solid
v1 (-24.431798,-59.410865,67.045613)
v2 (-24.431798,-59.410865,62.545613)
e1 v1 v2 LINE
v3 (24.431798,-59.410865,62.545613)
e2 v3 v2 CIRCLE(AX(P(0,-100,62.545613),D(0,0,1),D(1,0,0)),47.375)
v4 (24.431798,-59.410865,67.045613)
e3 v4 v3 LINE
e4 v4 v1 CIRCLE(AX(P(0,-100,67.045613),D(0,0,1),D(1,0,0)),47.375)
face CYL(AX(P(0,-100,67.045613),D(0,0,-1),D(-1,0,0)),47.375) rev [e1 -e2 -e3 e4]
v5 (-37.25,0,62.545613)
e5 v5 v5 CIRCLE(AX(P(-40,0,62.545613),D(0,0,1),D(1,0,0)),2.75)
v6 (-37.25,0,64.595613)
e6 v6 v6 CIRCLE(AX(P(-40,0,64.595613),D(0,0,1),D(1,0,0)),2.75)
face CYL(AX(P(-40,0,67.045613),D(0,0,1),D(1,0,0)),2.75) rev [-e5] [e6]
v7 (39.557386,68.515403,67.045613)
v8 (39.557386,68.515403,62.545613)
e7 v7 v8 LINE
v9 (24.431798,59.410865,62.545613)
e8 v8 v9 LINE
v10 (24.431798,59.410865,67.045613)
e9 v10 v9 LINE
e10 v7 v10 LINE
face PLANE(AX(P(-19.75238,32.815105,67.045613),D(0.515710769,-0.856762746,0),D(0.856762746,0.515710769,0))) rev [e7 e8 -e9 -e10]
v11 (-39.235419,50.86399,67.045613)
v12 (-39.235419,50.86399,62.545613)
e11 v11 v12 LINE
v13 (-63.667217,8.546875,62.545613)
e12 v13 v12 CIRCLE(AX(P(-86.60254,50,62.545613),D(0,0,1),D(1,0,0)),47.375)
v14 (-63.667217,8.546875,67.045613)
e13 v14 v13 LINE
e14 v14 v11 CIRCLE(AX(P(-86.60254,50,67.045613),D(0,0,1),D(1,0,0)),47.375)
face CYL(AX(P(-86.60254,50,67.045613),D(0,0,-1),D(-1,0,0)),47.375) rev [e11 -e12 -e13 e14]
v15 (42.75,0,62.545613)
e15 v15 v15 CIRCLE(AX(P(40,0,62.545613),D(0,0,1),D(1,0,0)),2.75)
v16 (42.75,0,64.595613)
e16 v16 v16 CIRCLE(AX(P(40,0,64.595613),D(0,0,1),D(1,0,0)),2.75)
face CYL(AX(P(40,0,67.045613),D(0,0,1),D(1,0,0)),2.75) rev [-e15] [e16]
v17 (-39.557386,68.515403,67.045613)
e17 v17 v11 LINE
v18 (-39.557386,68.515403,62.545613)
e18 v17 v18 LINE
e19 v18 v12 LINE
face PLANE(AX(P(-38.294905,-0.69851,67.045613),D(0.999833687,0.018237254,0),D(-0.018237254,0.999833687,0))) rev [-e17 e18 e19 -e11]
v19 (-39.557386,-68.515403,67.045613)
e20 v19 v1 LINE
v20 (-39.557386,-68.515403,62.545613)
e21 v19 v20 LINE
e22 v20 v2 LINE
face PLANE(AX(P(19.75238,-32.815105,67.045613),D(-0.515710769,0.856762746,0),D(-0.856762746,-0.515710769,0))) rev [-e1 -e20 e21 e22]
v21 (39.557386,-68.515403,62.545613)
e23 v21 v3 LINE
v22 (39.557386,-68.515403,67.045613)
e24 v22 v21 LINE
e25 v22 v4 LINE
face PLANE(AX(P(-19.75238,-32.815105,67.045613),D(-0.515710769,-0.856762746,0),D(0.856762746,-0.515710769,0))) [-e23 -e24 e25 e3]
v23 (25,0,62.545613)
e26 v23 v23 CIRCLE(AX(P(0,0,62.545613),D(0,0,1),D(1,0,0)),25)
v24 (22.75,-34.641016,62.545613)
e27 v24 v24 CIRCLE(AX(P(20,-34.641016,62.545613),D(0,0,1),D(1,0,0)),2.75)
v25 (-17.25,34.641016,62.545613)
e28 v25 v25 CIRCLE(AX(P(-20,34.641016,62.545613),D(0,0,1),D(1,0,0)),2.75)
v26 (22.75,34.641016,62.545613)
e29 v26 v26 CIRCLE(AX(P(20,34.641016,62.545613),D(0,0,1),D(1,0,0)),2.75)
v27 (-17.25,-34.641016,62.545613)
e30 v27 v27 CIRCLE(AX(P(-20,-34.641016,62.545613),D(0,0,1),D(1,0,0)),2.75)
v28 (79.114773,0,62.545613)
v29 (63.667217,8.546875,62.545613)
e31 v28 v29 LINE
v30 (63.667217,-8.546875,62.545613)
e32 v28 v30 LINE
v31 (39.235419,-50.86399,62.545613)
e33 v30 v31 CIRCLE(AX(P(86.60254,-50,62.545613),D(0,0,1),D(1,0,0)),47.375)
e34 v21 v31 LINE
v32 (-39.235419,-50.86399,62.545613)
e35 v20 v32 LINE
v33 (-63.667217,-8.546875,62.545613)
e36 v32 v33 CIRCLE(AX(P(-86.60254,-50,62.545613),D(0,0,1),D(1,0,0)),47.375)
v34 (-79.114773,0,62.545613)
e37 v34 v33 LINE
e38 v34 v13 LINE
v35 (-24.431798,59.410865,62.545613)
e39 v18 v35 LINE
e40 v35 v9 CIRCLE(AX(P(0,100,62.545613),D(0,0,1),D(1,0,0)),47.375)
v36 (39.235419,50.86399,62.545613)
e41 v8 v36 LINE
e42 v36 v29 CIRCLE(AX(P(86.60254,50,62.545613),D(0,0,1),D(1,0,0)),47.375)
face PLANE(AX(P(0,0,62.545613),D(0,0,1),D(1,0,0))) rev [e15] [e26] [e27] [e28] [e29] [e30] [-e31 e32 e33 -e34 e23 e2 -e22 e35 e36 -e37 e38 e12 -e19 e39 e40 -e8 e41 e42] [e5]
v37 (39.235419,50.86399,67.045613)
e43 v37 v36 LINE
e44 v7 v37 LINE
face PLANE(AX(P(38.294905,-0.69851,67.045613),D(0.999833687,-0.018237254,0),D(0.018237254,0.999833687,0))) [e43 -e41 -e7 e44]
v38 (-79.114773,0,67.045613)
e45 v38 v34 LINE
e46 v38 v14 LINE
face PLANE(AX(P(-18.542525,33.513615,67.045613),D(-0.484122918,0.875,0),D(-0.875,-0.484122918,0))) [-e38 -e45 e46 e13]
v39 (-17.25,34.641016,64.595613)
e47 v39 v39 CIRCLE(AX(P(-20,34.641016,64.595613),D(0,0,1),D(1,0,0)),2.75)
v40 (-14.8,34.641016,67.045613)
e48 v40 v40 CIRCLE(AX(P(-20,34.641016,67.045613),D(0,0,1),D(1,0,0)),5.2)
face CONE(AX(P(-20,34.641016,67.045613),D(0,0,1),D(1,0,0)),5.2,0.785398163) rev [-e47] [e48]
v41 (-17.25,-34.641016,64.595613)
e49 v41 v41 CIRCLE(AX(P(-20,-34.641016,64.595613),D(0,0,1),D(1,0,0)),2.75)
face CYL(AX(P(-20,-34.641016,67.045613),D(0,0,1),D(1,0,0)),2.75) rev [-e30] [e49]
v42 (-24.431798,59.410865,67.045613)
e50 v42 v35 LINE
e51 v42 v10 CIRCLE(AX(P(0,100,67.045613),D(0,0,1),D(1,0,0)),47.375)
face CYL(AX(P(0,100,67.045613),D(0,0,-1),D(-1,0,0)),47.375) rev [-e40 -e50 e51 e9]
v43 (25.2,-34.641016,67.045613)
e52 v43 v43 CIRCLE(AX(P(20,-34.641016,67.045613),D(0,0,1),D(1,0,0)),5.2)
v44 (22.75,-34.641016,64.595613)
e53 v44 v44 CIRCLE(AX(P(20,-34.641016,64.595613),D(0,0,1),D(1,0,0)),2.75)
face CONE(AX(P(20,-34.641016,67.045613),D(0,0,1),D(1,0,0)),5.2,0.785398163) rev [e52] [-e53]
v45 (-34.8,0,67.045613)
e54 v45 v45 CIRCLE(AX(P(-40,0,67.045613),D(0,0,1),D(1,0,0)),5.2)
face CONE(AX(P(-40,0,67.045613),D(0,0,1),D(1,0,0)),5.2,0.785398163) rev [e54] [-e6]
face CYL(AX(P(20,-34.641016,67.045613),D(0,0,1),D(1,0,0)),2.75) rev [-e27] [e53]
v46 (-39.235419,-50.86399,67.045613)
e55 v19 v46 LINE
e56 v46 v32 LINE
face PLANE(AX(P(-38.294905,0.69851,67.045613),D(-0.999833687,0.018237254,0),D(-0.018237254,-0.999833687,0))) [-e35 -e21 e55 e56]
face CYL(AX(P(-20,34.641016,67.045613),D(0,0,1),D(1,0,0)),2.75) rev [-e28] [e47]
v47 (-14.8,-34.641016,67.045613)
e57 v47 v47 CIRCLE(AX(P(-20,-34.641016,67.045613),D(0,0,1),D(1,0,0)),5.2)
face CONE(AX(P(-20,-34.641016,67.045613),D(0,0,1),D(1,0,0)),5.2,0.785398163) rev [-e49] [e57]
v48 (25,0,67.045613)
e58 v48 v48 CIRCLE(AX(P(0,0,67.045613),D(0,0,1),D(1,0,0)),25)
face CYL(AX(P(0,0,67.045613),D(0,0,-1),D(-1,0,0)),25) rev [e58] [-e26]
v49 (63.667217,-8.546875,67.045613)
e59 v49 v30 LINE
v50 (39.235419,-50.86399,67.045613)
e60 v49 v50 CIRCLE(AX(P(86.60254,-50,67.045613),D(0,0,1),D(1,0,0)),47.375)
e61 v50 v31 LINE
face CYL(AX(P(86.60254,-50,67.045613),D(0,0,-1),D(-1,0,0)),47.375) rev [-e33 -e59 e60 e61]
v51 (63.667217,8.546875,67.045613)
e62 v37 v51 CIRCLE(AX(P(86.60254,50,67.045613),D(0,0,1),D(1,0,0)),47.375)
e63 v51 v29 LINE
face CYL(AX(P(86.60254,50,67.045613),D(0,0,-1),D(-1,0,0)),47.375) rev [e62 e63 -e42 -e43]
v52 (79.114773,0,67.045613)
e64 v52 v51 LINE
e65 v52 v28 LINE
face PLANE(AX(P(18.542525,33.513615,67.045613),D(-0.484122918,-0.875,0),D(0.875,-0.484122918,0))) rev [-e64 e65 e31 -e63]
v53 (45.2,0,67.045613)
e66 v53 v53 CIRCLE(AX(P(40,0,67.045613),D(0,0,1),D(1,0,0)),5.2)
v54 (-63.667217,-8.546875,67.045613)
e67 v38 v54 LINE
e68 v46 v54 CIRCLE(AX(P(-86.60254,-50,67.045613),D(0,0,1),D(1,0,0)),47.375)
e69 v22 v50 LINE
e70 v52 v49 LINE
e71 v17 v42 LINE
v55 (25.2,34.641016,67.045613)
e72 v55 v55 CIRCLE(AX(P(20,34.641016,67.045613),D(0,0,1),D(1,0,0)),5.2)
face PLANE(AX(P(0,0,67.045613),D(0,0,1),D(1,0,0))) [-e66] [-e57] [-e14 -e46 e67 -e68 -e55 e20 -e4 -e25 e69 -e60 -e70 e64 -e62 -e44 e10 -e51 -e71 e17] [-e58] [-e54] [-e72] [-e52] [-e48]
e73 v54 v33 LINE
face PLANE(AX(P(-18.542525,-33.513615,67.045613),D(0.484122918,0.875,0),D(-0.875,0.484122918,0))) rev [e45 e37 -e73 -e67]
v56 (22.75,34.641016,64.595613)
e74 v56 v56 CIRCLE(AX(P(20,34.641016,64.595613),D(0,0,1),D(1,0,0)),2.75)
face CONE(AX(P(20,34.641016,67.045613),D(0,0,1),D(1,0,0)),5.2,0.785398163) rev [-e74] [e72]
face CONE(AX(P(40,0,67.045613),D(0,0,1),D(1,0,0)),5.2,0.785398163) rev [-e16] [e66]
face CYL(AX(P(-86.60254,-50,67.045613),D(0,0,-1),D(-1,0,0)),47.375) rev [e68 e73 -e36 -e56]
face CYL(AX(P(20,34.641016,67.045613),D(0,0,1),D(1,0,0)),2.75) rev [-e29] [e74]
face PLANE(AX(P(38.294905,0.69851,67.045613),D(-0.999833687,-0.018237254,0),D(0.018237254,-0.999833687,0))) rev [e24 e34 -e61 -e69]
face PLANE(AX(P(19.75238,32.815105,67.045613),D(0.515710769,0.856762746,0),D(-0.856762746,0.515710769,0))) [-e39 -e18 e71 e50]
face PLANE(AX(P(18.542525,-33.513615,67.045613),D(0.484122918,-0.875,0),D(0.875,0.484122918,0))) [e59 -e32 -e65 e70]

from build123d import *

# Parameters (mm, degrees)
SKETCH7_R           = 25
BOSS_EXTRUDE5_DEPTH = 4.5
CIRPATTERN1_COUNT   = 6


with BuildPart() as part:
    # Sketch7 → Boss-Extrude5 (new body)
    with BuildSketch(Plane.XY.offset(62.545612614)):
        with BuildLine():
            Line((-39.557386288, -68.515402865), (-24.43179769, -59.410864919))
            ThreePointArc((-24.43179769, -59.410864919), (0, -52.625), (24.43179769, -59.410864919))
            Line((24.43179769, -59.410864919), (39.557386288, -68.515402865))
            Line((39.557386288, -68.515402865), (39.235419436, -50.863989919))
            ThreePointArc((39.235419436, -50.863989919), (45.574586874, -26.3125), (63.667217125, -8.546875))
            Line((63.667217125, -8.546875), (79.114772576, 0))
            Line((79.114772576, 0), (63.667217125, 8.546875))
            ThreePointArc((63.667217125, 8.546875), (45.574586874, 26.3125), (39.235419436, 50.863989919))
            Line((39.235419436, 50.863989919), (39.557386288, 68.515402865))
            Line((39.557386288, 68.515402865), (24.43179769, 59.410864919))
            ThreePointArc((24.43179769, 59.410864919), (0, 52.625), (-24.43179769, 59.410864919))
            Line((-24.43179769, 59.410864919), (-39.557386288, 68.515402865))
            Line((-39.557386288, 68.515402865), (-39.235419436, 50.863989919))
            ThreePointArc((-39.235419436, 50.863989919), (-45.574586874, 26.3125), (-63.667217125, 8.546875))
            Line((-63.667217125, 8.546875), (-79.114772576, 0))
            Line((-79.114772576, 0), (-63.667217125, -8.546875))
            ThreePointArc((-63.667217125, -8.546875), (-45.574586874, -26.3125), (-39.235419436, -50.863989919))
            Line((-39.235419436, -50.863989919), (-39.557386288, -68.515402865))
        make_face()
        Circle(SKETCH7_R, mode=Mode.SUBTRACT)
    extrude(amount=BOSS_EXTRUDE5_DEPTH)

    # Sketch11 → CSK for M5 Flat Head Machine Screw1 (revolve, cut)
    with BuildSketch(Plane(origin=(-40, 0, 67.045612614), x_dir=(0, -1, 0), z_dir=(1, 0, 0))):
        Polygon((0, 0), (0, 4.5), (2.75, 4.5), (2.75, 2.45), (5.2, 0), align=None)
    csk_for_m5_flat_head_machine_screw1 = revolve(axis=Axis((-40, 0, 73.395612614), (0, 0, -1)), mode=Mode.SUBTRACT)

    # CirPattern1: CSK for M5 Flat Head Machine Screw1 ×6 about axis
    cirpattern1_axis = Axis((0, 0, 0), (0, 0, 1))
    for i in range(1, CIRPATTERN1_COUNT):
        add(csk_for_m5_flat_head_machine_screw1.rotate(cirpattern1_axis, i * 360 / CIRPATTERN1_COUNT), mode=Mode.SUBTRACT)


solid = part.part
